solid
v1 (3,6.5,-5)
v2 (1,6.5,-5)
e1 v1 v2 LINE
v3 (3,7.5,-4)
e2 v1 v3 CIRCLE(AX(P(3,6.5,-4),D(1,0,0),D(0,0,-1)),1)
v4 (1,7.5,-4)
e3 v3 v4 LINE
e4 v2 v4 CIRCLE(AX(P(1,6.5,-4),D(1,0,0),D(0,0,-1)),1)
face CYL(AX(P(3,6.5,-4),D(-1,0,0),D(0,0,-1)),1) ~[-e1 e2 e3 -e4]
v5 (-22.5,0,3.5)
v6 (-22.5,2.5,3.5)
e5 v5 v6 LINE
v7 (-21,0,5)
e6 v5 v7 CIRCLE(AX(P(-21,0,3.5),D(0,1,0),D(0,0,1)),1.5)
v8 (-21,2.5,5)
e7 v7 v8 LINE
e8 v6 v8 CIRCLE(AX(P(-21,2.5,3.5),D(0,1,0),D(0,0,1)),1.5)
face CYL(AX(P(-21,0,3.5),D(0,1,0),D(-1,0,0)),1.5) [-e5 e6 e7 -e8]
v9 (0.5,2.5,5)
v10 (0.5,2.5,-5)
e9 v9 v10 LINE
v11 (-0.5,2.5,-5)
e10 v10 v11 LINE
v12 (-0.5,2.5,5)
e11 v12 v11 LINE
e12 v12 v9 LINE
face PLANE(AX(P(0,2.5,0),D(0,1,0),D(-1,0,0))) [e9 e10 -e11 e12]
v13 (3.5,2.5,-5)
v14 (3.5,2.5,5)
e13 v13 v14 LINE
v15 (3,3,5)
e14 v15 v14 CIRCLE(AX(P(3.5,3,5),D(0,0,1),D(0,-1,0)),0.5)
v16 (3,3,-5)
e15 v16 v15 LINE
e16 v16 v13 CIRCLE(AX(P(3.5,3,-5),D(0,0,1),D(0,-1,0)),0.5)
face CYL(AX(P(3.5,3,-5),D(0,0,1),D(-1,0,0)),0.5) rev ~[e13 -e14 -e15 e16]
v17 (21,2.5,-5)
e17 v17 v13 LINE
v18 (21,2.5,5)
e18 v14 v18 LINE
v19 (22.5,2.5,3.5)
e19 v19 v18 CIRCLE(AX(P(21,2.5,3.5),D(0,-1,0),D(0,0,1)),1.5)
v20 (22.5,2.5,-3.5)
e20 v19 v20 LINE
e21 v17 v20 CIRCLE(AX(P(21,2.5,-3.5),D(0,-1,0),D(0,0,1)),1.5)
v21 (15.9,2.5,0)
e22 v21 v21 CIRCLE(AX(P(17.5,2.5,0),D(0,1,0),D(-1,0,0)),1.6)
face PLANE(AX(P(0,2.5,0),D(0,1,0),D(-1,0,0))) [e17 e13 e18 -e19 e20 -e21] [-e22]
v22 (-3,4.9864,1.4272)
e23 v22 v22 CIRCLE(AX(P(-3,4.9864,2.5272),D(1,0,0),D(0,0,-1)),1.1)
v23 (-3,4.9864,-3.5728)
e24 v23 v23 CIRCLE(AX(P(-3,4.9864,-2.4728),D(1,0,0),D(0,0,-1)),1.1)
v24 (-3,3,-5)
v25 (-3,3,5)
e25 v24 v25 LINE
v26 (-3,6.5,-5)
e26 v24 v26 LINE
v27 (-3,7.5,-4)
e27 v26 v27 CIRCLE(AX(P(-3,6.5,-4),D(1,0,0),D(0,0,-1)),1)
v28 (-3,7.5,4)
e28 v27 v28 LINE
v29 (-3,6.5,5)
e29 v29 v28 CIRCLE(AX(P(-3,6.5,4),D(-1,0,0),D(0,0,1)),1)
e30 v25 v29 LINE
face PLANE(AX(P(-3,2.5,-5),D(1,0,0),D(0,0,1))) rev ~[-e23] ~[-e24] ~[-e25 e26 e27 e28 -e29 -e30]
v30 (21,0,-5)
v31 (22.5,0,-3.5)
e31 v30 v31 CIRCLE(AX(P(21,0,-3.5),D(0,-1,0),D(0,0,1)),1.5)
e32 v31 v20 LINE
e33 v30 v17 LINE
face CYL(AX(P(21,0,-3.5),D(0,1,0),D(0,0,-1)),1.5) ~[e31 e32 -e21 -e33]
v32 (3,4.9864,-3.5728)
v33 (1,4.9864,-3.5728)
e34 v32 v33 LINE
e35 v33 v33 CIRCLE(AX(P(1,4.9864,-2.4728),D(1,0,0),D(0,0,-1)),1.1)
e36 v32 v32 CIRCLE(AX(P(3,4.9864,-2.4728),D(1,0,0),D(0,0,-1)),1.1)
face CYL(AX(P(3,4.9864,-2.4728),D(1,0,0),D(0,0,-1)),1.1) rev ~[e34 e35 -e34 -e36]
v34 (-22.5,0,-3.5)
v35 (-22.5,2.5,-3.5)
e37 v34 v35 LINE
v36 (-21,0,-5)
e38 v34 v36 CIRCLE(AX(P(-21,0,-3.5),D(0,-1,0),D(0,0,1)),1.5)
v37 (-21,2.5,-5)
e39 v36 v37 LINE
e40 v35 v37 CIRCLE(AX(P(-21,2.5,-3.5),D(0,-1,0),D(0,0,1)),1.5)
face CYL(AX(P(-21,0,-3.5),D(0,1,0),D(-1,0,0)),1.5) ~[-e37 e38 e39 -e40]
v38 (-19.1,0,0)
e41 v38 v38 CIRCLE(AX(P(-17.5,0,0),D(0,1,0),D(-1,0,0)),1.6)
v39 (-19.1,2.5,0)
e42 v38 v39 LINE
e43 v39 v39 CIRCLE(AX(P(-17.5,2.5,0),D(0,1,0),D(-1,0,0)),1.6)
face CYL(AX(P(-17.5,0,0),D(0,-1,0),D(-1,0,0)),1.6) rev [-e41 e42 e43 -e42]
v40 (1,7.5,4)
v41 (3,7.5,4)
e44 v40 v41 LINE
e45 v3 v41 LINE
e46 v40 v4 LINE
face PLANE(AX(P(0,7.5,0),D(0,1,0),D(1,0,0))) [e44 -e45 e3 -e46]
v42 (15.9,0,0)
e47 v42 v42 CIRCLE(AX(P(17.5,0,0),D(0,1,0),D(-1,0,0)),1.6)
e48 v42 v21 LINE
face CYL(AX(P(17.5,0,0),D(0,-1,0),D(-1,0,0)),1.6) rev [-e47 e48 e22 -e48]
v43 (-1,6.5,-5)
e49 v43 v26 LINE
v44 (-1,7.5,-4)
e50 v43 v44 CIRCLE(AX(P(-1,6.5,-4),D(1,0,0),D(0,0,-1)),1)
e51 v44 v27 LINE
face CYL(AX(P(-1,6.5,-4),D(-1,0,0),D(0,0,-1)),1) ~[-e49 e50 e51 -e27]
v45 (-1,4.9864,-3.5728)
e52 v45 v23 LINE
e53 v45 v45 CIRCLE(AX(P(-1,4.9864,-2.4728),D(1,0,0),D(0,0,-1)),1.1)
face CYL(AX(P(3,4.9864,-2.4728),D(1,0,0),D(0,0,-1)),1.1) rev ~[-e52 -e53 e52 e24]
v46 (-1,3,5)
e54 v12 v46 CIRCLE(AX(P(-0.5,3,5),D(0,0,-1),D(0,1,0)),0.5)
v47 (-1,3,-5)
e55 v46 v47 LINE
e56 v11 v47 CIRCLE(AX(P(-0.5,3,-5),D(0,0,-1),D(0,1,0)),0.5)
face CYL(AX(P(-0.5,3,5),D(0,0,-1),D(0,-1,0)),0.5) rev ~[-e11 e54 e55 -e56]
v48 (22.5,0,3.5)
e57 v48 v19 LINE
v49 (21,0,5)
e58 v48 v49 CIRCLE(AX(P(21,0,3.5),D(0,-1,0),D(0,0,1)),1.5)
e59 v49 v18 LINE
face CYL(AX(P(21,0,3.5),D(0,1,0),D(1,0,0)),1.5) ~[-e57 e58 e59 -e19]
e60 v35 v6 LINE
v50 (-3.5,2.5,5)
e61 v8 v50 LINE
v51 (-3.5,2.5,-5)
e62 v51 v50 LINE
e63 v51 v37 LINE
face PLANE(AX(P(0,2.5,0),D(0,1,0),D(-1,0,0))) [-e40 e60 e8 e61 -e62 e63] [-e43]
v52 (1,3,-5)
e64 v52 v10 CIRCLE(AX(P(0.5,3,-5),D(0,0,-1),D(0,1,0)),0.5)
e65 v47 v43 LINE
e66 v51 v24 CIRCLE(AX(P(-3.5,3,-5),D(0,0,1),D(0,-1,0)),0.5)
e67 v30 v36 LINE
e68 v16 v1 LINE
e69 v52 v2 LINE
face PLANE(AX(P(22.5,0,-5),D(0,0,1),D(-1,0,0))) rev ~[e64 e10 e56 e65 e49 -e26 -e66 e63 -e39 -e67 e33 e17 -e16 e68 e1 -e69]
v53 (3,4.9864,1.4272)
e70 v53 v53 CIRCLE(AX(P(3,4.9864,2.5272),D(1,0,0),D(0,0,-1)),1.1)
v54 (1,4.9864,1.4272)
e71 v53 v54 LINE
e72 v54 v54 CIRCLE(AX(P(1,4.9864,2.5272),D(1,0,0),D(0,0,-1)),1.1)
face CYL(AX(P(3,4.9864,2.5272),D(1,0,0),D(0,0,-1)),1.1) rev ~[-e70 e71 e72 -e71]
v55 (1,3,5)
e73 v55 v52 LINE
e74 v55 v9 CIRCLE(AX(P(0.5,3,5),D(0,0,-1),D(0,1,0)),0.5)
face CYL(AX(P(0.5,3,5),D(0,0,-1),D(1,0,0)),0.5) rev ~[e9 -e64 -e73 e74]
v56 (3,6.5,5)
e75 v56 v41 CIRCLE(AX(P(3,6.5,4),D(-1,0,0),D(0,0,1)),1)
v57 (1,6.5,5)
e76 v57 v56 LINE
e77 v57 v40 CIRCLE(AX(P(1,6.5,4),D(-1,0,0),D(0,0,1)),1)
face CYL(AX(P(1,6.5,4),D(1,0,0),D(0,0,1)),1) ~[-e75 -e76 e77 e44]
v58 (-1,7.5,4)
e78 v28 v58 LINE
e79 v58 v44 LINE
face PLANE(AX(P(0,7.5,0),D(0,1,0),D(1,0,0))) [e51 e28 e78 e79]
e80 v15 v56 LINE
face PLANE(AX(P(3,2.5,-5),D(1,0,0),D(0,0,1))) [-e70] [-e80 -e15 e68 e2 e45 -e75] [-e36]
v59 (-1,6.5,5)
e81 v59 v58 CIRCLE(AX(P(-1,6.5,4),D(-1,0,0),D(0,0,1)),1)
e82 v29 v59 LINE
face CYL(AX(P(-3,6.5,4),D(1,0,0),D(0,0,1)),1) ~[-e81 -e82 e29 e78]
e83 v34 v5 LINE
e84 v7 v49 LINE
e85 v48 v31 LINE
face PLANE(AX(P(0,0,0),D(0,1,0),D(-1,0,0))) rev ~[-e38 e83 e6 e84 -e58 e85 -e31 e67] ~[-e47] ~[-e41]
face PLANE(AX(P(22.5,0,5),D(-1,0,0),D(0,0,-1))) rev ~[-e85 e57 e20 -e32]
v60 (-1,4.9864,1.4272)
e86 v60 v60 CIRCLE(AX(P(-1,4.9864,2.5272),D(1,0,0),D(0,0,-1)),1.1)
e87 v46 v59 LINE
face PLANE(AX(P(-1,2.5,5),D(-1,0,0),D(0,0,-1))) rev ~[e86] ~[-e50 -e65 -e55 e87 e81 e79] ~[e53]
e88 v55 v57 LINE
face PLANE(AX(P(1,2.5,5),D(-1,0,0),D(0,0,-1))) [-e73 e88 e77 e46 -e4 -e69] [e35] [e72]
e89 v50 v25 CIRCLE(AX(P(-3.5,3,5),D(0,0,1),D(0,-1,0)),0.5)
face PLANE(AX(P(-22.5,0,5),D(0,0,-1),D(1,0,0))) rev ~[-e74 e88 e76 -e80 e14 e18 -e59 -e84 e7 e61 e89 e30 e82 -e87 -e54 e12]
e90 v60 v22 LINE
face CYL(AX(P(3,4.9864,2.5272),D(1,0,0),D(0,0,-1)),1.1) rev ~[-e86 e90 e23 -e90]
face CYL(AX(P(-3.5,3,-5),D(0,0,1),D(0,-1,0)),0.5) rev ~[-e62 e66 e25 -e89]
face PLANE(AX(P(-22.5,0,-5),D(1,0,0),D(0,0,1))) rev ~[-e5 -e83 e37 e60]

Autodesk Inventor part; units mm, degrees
ref_plane "YZ Plane" through (0, 0, 0) normal (1, 0, 0) x (0, 1, 0)
ref_plane "XZ Plane" through (0, 0, 0) normal (0, 1, 0) x (-1, 0, 0)
ref_plane "XY Plane" through (0, 0, 0) normal (0, 0, 1) x (1, 0, 0)
sketch "Sketch1" plane through (0, 0, 0) normal (0, 1, 0) x (-1, 0, 0)
  line L0 (22.5, 5) -> (-22.5, 5)
  line L1 (-22.5, 5) -> (-22.5, -5)
  line L2 (-22.5, -5) -> (22.5, -5)
  line L3 (22.5, -5) -> (22.5, 5)
  line L4 (22.5, 5) -> (17.5, 5) construction
  line L5 (17.5, 5) -> (17.5, 0) construction
  circle A0 centre (17.5, 0) radius 1.6
  line L6 (0, -5) -> (0, -10.3319) construction
  circle A1 centre (-17.5, 0) radius 1.6
  point P0 (0, 0)
  dimension "d2" = 5
  dimension "d3" = 3.2
extrude "Extrusion1" add sketch "Sketch1" along normal blind 2.5
fillet "Fillet1" radius 1.5 4 edges at (-22.5, 1.25, 5) (22.5, 1.25, 5) (22.5, 1.25, -5) (-22.5, 1.25, -5)
sketch "Sketch5" plane through (0, 2.5, 0) normal (0, 1, 0) x (1, 0, 0)
  line L0 (0, 0) -> (-1, 0) construction
  line L1 (0, 0) -> (1, 0) construction
  line L2 (-1, 5) -> (-3, 5)
  line L3 (-3, 5) -> (-3, -5)
  line L4 (-21, -5) -> (21, -5) projected
  line L5 (-3, -5) -> (-1, -5)
  line L6 (-1, -5) -> (-1, 5)
  line L7 (21, 5) -> (-21, 5) projected
  line L8 (0, 0) -> (0, 0.5432) construction
  line L9 (1, 5) -> (3, 5)
  line L10 (3, 5) -> (3, -5)
  line L11 (21, -5) -> (-21, -5)
  line L12 (3, -5) -> (1, -5)
  line L13 (1, -5) -> (1, 5)
  dimension "d33" = 2
extrude "Extrusion5" add sketch "Sketch5" along normal blind 5 contours L6 L4 L3 L2 | L7 L10 L4 L13
sketch "Sketch6" plane through (3, 2.5, 5) normal (1, 0, 0) x (0, 0, -1)
  line L0 (10, -2.5) -> (10, 0) construction
  line L1 (-0.0046, 4.9481) -> (10, 0) construction
  line L2 (10, 5) -> (0, 5) construction
  line L3 (10, 5) -> (0, 0) construction
  line L4 (4.9728, 2.4864) -> (4.9728, 3.4864) construction
  line L5 (4.9728, 2.4864) -> (2.4728, 2.4864) construction
  circle A0 centre (2.4728, 2.4864) radius 1.1
  circle A1 centre (7.4728, 2.4864) radius 1.1
  line L6 (0, 5) -> (10, 5)
  line L7 (10, 5) -> (10, 0)
  line L8 (10, 0) -> (0, 0)
  line L9 (0, 0) -> (0, 5)
  point P0 (5, -2.5)
  dimension "d38" = 2.2
extrude "Extrusion6" cut sketch "Sketch6" against normal blind 6 contours A0 | A1
fillet "Fillet6" radius 1 4 edges at (-2, 7.5, 5) (2, 7.5, 5) (2, 7.5, -5) (-2, 7.5, -5)
fillet "Fillet7" radius 0.5 4 edges at (-3, 2.5, 0) (-1, 2.5, 0) (3, 2.5, 0) (1, 2.5, 0)
properties part number "CarbonConnectorPlateConnector"
